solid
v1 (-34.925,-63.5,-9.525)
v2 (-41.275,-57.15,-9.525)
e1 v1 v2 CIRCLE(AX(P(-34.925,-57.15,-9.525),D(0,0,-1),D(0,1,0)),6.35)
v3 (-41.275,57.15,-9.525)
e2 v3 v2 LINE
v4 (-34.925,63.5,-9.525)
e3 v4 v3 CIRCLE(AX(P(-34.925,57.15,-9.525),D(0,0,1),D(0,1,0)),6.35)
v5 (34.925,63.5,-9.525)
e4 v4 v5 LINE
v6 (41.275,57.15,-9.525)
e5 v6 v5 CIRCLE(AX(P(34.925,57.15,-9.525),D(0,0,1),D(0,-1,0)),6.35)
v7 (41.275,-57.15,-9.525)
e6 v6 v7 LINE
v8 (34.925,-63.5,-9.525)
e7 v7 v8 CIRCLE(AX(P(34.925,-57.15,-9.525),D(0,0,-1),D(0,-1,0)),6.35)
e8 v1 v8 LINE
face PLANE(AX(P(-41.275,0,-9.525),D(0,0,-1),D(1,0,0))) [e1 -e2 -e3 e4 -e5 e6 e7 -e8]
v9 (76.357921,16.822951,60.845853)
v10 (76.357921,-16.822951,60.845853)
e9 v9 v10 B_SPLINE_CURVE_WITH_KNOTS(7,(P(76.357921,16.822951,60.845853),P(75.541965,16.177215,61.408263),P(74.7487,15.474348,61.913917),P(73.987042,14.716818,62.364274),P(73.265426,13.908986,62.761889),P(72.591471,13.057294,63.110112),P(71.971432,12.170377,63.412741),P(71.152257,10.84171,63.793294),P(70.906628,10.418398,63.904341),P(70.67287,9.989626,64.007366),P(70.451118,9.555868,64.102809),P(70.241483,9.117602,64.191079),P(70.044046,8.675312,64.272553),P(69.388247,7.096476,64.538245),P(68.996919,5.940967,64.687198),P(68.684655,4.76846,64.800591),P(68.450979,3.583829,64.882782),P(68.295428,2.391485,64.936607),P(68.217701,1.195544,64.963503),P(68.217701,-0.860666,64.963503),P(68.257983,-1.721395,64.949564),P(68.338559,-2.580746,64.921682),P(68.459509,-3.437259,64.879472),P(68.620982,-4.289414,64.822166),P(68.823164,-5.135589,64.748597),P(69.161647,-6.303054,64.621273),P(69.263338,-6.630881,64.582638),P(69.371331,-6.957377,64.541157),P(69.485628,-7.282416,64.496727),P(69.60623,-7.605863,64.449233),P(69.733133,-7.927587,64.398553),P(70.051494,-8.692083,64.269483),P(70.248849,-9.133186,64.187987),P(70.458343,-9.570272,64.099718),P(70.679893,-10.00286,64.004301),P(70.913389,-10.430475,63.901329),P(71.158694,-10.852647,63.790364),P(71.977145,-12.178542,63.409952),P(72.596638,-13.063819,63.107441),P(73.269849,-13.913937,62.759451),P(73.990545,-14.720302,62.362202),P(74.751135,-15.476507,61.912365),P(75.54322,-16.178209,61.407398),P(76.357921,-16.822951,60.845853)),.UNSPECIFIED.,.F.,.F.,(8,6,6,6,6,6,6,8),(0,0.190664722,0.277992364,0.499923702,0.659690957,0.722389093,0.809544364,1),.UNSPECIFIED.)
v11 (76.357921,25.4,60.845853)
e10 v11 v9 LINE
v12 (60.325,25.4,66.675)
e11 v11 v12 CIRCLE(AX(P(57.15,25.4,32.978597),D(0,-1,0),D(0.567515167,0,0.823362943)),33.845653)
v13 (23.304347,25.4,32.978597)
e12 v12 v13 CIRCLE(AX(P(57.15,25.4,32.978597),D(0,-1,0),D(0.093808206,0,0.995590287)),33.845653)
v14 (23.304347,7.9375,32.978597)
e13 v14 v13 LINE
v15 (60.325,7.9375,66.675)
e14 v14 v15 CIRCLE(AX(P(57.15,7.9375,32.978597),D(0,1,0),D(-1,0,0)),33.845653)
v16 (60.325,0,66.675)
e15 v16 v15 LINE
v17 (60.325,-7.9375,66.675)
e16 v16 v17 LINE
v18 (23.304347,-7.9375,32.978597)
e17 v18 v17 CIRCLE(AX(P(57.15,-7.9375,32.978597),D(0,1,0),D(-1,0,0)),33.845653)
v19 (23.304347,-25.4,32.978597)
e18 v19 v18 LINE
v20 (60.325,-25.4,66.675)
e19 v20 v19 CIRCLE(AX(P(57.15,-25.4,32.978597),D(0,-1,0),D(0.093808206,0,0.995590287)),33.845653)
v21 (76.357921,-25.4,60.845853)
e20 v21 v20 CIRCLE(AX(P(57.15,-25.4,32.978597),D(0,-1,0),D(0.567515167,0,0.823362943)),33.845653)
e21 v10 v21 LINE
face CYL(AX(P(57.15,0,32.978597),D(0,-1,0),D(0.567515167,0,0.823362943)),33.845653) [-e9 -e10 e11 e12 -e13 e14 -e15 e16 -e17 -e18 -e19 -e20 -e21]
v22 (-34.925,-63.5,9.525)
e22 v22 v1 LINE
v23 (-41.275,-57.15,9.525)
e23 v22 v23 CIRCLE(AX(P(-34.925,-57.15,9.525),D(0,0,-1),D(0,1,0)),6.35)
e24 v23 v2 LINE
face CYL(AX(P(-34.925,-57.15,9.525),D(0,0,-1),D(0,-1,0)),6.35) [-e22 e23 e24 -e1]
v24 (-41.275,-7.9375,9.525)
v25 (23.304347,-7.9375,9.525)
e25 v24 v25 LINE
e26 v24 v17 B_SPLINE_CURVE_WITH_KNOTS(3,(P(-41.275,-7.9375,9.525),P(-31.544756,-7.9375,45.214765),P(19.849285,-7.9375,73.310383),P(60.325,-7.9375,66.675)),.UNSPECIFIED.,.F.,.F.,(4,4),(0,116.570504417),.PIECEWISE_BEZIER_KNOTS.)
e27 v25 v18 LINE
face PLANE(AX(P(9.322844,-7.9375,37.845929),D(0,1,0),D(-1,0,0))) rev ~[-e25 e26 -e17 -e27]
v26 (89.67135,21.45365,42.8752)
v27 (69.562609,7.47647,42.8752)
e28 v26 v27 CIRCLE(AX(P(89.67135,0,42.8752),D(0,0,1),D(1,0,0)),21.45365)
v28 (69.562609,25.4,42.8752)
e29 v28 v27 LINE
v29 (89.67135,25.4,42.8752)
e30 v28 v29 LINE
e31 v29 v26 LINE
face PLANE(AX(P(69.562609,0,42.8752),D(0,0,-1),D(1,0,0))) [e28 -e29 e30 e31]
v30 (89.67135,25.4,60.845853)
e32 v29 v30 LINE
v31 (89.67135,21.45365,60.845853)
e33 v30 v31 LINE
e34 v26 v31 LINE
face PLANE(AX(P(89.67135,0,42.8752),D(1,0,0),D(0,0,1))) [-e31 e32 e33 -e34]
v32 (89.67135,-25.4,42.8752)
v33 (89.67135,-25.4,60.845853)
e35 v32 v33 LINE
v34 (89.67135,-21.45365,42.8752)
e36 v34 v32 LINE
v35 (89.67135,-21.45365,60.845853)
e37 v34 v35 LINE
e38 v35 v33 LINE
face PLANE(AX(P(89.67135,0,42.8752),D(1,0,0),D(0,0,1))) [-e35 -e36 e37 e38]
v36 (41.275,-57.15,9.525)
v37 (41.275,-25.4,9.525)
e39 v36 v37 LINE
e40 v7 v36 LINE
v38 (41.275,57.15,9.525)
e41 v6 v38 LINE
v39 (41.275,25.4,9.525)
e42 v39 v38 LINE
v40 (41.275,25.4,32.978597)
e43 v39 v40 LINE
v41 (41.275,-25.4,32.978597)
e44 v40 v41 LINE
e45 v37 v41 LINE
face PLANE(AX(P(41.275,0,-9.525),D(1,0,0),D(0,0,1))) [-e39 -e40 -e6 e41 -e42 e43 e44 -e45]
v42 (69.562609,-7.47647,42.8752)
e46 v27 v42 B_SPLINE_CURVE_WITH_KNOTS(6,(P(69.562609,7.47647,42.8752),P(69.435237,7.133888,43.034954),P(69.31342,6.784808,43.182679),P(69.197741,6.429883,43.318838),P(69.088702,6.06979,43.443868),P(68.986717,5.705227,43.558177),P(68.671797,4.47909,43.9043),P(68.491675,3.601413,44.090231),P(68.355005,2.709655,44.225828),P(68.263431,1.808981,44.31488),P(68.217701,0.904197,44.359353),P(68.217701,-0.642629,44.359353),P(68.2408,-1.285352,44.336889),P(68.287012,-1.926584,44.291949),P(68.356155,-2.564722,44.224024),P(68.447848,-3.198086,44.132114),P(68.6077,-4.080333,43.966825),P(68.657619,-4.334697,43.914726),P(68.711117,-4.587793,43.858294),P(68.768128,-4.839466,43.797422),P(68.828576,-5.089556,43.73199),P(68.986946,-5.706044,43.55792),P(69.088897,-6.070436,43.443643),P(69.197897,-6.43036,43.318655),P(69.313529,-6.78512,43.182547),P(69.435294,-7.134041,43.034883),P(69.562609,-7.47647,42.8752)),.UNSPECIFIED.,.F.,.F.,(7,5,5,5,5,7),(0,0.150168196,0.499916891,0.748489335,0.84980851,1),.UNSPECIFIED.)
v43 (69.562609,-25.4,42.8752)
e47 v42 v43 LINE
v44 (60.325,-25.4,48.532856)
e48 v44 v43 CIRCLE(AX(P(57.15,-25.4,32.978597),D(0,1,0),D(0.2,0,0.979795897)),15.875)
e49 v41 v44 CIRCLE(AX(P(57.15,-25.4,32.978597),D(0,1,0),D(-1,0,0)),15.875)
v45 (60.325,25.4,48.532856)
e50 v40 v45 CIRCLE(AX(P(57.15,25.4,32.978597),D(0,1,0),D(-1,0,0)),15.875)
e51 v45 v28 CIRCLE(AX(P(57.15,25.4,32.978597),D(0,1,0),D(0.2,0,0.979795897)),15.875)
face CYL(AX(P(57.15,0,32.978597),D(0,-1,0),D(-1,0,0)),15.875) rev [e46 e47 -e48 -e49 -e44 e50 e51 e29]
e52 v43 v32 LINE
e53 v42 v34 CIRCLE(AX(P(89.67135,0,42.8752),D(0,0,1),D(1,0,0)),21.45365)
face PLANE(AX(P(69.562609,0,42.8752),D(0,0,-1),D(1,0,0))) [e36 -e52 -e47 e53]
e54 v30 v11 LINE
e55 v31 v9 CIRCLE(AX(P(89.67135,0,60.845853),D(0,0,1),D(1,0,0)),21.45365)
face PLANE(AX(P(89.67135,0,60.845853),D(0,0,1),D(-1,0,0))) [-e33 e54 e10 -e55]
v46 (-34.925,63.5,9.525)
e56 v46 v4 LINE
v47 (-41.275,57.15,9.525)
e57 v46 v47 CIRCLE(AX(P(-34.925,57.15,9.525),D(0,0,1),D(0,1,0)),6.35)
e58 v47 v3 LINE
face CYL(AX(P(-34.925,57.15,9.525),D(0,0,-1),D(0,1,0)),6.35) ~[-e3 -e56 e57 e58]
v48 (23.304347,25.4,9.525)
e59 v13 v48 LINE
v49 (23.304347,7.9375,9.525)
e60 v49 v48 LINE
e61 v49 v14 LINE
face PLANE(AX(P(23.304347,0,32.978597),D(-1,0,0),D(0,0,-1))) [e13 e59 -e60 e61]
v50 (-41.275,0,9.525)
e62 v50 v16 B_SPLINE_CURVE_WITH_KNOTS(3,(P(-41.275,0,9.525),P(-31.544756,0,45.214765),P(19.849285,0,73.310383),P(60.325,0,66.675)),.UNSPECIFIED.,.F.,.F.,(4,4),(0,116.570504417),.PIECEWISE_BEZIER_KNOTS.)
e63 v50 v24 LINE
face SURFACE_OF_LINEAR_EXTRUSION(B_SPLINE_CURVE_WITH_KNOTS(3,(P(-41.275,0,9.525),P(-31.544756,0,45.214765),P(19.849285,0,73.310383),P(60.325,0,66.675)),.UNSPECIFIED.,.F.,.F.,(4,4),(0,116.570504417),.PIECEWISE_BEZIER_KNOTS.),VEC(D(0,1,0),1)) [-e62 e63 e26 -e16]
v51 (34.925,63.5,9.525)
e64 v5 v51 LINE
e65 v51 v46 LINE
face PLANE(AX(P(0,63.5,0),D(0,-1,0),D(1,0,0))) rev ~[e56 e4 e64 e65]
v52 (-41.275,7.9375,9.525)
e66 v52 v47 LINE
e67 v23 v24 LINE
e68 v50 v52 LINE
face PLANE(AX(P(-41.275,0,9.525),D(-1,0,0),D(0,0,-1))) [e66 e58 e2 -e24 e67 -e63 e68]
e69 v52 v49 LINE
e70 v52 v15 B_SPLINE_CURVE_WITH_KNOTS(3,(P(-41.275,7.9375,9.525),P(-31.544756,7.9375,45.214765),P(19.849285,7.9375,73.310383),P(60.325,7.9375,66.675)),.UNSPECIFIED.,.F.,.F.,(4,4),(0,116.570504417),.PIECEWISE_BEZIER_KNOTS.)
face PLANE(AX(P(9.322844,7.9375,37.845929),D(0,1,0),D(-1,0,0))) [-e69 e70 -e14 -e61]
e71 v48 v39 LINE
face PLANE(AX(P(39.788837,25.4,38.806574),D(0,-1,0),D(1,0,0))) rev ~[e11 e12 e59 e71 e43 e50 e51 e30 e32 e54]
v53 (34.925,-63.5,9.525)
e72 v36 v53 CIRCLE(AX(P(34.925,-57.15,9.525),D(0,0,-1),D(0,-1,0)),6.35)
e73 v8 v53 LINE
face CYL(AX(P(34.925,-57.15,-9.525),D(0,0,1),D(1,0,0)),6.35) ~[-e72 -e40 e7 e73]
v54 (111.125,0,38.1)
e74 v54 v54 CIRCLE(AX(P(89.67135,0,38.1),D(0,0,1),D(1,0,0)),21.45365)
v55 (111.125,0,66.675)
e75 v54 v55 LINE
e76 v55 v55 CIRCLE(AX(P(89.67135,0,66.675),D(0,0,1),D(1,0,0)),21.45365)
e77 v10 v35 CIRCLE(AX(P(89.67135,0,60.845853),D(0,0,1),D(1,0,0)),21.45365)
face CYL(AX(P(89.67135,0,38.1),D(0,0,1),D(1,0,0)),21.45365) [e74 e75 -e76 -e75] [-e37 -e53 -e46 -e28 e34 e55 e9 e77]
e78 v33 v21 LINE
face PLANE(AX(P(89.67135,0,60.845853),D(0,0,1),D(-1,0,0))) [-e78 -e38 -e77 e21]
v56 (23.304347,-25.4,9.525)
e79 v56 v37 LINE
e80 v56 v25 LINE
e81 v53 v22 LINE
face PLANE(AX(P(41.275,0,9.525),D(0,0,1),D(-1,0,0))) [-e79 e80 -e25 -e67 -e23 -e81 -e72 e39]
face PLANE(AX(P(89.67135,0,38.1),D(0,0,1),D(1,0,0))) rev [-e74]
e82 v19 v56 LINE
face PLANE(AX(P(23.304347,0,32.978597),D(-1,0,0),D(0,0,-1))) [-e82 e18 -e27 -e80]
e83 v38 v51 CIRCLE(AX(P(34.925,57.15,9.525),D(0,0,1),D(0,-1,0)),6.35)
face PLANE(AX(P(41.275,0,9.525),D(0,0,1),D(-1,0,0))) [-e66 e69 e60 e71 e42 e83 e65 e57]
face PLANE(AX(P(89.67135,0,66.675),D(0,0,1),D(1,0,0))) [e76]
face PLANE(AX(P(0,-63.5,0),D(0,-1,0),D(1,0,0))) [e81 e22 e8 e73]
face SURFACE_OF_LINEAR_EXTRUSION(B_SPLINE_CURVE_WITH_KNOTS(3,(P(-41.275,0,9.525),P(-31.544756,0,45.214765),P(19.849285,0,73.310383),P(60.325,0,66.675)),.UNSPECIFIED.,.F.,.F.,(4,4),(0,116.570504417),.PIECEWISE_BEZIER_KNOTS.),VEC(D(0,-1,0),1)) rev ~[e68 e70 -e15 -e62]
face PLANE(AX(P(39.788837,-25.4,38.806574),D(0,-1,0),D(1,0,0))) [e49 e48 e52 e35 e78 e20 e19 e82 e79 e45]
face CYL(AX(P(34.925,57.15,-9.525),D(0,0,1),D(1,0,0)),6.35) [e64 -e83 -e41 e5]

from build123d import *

# Parameters (mm, degrees)
F1_DEPTH = 63.5
F2_DEPTH = 25.4
F3_DEPTH = 7.9375
F5_R     = 6.35


with BuildPart() as f1:
    # F0 (on Front) → F1 (new body, symmetric)
    with BuildSketch(Plane.XZ):
        Polygon((-41.275, 9.525), (-41.275, -9.525), (41.275, -9.525), (41.275, 9.525), (23.3043469489, 9.525), align=None)
    extrude(amount=F1_DEPTH, both=True)

    # F0 (on Front) → F2 (join, symmetric)
    with BuildSketch(Plane.XZ):
        with BuildLine():
            Line((23.3043469489, 9.525), (41.275, 9.525))
            Line((41.275, 9.525), (41.275, 32.9785965501))
            ThreePointArc((41.275, 32.9785965501), (47.109768429, 45.2753186743), (60.325, 48.5328564168))
            Line((60.325, 48.5328564168), (60.325, 66.675))
            ThreePointArc((60.325, 66.675), (34.3676792005, 58.0084605019), (23.3043469489, 32.9785965501))
            Line((23.3043469489, 32.9785965501), (23.3043469489, 9.525))
        make_face()
        with BuildLine():
            ThreePointArc((76.3579214275, 60.8458530511), (68.7147538428, 64.787159847), (60.325, 66.675))
            Line((60.325, 66.675), (60.325, 48.5328564168))
            ThreePointArc((60.325, 48.5328564168), (65.4413001724, 46.5163203784), (69.5626091196, 42.8752))
            Line((69.5626091196, 42.8752), (89.6713504766, 42.8752))
            Line((89.6713504766, 42.8752), (89.6713504766, 60.8458530511))
            Line((89.6713504766, 60.8458530511), (76.3579214275, 60.8458530511))
        make_face()
    extrude(amount=F2_DEPTH, both=True)

    # F0 (on Front) → F3 (join, symmetric)
    with BuildSketch(Plane.XZ):
        with BuildLine():
            add(Edge.make_bspline(
                [(-41.275, 9.525), (-31.5447561443, 45.2147647738), (19.8492854834, 73.3103826642), (60.325, 66.675)],
                knots=[0, 0, 0, 0, 116.5705044169, 116.5705044169, 116.5705044169, 116.5705044169], degree=3))
            Line((-41.275, 9.525), (23.3043469489, 9.525))
            Line((23.3043469489, 9.525), (23.3043469489, 32.9785965501))
            ThreePointArc((23.3043469489, 32.9785965501), (34.3676792005, 58.0084605019), (60.325, 66.675))
        make_face()
    extrude(amount=F3_DEPTH, both=True)

    # F0 (on Front) → F4 (revolve)
    with BuildSketch(Plane.XZ):
        Polygon((111.125, 66.675), (89.6713504766, 66.675), (89.6713504766, 60.8458530511), (89.6713504766, 42.8752), (89.6713504766, 38.1), (111.125, 38.1), align=None)
    revolve(axis=Axis((89.6713504766, 0, 52.3875), (0, 0, 1)))

    # F5
    f5_edges = [f1.edges().sort_by_distance(p)[0] for p in [
        (-41.275, -63.5, 0),
        (41.275, -63.5, 0),
        (-41.275, 63.5, 0),
        (41.275, 63.5, 0),
    ]]
    fillet(f5_edges, radius=F5_R)


solid = f1.part
